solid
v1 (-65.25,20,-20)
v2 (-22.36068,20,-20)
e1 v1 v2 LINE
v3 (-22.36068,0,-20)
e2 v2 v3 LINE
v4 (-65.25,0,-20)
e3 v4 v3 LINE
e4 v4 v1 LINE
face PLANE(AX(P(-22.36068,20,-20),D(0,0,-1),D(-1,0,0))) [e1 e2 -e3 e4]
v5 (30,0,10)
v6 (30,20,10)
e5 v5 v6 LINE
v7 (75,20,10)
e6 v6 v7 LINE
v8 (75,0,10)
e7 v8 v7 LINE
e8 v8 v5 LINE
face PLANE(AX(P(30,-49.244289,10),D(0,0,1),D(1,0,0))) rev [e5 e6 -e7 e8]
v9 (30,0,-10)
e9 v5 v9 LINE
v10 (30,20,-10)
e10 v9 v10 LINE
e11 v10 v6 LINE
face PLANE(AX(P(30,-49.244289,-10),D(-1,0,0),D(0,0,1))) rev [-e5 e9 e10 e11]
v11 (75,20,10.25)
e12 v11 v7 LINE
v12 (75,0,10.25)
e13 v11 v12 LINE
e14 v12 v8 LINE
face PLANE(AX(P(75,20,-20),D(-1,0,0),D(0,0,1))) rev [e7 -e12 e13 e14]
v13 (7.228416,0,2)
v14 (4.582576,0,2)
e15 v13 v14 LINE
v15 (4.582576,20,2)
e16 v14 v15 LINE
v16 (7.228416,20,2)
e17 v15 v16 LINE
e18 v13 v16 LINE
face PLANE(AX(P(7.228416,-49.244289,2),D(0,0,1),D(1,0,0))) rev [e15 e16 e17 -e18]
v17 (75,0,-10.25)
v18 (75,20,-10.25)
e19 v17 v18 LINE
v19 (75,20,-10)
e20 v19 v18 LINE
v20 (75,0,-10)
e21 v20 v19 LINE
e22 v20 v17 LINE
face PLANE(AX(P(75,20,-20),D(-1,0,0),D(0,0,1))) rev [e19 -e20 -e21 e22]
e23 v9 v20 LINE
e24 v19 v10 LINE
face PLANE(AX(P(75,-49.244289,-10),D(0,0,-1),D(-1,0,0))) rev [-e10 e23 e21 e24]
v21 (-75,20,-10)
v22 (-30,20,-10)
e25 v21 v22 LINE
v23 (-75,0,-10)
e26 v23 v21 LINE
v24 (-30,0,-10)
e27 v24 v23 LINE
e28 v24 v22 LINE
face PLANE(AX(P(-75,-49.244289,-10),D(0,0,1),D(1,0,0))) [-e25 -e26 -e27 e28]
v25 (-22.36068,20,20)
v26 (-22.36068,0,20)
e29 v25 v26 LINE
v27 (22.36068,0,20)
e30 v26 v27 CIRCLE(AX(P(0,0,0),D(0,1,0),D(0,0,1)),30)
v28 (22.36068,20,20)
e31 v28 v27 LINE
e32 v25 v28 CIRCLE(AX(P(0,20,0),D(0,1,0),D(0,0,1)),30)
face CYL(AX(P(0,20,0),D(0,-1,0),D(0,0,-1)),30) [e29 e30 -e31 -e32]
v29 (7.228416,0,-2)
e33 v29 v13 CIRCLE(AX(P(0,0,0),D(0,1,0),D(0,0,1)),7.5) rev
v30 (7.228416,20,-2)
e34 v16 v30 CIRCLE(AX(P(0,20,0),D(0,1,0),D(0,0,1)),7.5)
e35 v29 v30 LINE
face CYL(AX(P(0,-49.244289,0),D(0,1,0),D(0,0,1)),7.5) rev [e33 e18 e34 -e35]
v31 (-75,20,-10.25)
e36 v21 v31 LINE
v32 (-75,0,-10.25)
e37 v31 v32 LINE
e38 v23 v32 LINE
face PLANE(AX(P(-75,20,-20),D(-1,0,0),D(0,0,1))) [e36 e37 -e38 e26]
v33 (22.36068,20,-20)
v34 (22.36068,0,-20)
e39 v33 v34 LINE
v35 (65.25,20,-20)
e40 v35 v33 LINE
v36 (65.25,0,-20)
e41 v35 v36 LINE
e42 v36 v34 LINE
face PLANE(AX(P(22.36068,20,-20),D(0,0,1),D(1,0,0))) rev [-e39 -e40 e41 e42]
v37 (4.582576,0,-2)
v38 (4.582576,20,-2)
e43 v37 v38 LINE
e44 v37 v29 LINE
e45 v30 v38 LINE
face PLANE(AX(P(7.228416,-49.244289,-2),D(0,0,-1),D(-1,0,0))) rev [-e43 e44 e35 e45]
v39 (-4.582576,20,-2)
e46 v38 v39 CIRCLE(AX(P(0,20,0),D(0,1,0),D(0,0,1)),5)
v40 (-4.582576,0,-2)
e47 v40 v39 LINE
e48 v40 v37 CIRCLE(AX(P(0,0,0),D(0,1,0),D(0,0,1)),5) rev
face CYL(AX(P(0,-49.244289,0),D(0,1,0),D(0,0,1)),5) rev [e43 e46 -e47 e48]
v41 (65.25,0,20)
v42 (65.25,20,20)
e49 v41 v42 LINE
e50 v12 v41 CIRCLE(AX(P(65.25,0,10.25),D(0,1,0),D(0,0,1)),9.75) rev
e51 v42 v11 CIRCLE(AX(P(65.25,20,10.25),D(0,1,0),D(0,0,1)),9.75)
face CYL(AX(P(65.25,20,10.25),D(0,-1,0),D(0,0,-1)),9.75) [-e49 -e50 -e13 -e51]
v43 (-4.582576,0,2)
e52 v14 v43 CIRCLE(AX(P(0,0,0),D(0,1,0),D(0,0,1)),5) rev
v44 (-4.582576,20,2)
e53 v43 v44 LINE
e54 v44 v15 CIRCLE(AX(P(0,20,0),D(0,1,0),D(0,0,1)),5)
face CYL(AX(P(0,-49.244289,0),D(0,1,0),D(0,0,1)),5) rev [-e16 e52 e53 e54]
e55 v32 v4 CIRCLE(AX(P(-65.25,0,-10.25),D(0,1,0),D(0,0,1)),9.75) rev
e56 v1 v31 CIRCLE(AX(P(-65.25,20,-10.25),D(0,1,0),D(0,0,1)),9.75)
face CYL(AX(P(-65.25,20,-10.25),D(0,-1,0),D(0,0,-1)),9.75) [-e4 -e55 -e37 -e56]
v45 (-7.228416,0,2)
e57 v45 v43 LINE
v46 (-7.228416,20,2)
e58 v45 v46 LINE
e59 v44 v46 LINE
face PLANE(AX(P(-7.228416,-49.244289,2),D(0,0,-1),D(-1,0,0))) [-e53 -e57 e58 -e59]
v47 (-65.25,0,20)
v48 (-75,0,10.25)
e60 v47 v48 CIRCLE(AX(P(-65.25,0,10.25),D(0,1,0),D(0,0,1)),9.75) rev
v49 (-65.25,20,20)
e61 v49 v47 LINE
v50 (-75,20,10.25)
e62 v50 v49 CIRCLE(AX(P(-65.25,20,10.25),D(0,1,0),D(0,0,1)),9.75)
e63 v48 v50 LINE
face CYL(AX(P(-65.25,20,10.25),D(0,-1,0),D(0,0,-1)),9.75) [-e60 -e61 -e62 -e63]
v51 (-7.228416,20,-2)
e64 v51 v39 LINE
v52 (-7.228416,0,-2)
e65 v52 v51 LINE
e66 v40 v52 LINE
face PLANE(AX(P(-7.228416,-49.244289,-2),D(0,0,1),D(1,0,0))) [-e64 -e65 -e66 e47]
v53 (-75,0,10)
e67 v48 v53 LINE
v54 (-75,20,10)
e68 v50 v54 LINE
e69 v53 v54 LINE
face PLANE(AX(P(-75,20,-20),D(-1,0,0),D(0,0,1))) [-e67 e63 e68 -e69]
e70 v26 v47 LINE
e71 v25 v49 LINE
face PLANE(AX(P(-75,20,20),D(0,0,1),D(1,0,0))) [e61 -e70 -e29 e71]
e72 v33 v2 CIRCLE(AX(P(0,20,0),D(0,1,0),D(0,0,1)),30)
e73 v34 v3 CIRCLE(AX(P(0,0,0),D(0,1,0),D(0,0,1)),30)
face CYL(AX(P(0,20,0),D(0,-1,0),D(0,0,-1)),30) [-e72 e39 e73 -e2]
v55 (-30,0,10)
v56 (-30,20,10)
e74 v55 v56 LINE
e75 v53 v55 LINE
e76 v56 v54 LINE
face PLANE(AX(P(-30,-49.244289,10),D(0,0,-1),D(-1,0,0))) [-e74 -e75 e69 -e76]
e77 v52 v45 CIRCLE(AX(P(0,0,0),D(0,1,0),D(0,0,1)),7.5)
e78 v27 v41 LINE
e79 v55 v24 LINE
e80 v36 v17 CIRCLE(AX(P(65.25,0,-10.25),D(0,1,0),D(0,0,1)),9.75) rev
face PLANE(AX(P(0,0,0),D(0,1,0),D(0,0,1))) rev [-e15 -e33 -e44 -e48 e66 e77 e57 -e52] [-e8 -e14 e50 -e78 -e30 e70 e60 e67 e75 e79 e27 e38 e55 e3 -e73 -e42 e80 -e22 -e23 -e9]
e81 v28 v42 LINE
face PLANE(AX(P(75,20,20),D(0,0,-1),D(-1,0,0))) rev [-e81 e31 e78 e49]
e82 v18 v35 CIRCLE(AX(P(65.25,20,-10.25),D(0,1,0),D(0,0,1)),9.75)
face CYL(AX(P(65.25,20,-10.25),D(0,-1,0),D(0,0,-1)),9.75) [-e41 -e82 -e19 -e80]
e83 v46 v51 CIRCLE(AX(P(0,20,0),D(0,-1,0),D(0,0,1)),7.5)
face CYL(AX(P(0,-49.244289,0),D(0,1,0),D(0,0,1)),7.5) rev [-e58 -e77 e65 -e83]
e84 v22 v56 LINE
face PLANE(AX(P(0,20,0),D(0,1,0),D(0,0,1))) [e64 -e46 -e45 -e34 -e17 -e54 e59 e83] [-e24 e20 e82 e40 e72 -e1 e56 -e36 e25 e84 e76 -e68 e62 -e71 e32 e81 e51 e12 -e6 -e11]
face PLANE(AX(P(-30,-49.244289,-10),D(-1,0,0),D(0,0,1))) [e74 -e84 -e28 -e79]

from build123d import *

# Parameters (mm, degrees)
BOSS_EXTRUDE1_DEPTH  = 20
SKETCH2_W            = 45
SKETCH2_H            = 20
CUT_EXTRUDE1_DEPTH   = 20
FILLET1_R            = 9.75
FILLET1_OF_MIRROR4_R = 9.75


with BuildPart() as part:
    # Sketch1 → Boss-Extrude1 (new body)
    with BuildSketch(Plane(origin=(0, 0, 0), x_dir=(1, 0, 0), z_dir=(0, 1, 0))):
        with BuildLine():
            Line((22.360679775, 20), (75, 20))
            Line((75, 20), (75, -20))
            Line((75, -20), (22.360679775, -20))
            ThreePointArc((22.360679775, -20), (12.247448714, -27.386127875), (0, -30))
            Line((0, -30), (0, -20))
            Line((0, -20), (0, 20))
            Line((0, 20), (0, 30))
            ThreePointArc((0, 30), (12.247448714, 27.386127875), (22.360679775, 20))
        make_face()
    boss_extrude1 = extrude(amount=BOSS_EXTRUDE1_DEPTH)

    # Sketch2 → Cut-Extrude1 (cut)
    with BuildSketch(Plane(origin=(0, 20, 0), x_dir=(1, 0, 0), z_dir=(0, 1, 0))):
        with BuildLine():
            Line((0, 5), (0, -5))
            ThreePointArc((0, -5), (2.738612788, -4.183300133), (4.582575695, -2))
            Line((4.582575695, -2), (7.228416147, -2))
            ThreePointArc((7.228416147, -2), (7.5, 0), (7.228416147, 2))
            Line((7.228416147, 2), (4.582575695, 2))
            ThreePointArc((4.582575695, 2), (2.738612788, 4.183300133), (0, 5))
        make_face()
        with Locations((52.5, 0)):
            Rectangle(SKETCH2_W, SKETCH2_H)
    cut_extrude1 = extrude(amount=-CUT_EXTRUDE1_DEPTH, mode=Mode.SUBTRACT)

    # Fillet1
    fillet1_edges = [part.edges().sort_by_distance(p)[0] for p in [
        (75, 10, -20),
        (75, 10, 20),
    ]]
    fillet(fillet1_edges, radius=FILLET1_R)

    # Mirror4: Boss-Extrude1, Cut-Extrude1 across plane
    add(boss_extrude1.mirror(Plane(origin=(0, 0, 0), x_dir=(0, 0, 1), z_dir=(1, 0, 0))))
    add(cut_extrude1.mirror(Plane(origin=(0, 0, 0), x_dir=(0, 0, 1), z_dir=(1, 0, 0))), mode=Mode.SUBTRACT)

    # Fillet1 of Mirror4
    fillet1_of_mirror4_edges = [part.edges().sort_by_distance(p)[0] for p in [
        (-75, 10, -20),
        (-75, 10, 20),
    ]]
    fillet(fillet1_of_mirror4_edges, radius=FILLET1_OF_MIRROR4_R)


solid = part.part
